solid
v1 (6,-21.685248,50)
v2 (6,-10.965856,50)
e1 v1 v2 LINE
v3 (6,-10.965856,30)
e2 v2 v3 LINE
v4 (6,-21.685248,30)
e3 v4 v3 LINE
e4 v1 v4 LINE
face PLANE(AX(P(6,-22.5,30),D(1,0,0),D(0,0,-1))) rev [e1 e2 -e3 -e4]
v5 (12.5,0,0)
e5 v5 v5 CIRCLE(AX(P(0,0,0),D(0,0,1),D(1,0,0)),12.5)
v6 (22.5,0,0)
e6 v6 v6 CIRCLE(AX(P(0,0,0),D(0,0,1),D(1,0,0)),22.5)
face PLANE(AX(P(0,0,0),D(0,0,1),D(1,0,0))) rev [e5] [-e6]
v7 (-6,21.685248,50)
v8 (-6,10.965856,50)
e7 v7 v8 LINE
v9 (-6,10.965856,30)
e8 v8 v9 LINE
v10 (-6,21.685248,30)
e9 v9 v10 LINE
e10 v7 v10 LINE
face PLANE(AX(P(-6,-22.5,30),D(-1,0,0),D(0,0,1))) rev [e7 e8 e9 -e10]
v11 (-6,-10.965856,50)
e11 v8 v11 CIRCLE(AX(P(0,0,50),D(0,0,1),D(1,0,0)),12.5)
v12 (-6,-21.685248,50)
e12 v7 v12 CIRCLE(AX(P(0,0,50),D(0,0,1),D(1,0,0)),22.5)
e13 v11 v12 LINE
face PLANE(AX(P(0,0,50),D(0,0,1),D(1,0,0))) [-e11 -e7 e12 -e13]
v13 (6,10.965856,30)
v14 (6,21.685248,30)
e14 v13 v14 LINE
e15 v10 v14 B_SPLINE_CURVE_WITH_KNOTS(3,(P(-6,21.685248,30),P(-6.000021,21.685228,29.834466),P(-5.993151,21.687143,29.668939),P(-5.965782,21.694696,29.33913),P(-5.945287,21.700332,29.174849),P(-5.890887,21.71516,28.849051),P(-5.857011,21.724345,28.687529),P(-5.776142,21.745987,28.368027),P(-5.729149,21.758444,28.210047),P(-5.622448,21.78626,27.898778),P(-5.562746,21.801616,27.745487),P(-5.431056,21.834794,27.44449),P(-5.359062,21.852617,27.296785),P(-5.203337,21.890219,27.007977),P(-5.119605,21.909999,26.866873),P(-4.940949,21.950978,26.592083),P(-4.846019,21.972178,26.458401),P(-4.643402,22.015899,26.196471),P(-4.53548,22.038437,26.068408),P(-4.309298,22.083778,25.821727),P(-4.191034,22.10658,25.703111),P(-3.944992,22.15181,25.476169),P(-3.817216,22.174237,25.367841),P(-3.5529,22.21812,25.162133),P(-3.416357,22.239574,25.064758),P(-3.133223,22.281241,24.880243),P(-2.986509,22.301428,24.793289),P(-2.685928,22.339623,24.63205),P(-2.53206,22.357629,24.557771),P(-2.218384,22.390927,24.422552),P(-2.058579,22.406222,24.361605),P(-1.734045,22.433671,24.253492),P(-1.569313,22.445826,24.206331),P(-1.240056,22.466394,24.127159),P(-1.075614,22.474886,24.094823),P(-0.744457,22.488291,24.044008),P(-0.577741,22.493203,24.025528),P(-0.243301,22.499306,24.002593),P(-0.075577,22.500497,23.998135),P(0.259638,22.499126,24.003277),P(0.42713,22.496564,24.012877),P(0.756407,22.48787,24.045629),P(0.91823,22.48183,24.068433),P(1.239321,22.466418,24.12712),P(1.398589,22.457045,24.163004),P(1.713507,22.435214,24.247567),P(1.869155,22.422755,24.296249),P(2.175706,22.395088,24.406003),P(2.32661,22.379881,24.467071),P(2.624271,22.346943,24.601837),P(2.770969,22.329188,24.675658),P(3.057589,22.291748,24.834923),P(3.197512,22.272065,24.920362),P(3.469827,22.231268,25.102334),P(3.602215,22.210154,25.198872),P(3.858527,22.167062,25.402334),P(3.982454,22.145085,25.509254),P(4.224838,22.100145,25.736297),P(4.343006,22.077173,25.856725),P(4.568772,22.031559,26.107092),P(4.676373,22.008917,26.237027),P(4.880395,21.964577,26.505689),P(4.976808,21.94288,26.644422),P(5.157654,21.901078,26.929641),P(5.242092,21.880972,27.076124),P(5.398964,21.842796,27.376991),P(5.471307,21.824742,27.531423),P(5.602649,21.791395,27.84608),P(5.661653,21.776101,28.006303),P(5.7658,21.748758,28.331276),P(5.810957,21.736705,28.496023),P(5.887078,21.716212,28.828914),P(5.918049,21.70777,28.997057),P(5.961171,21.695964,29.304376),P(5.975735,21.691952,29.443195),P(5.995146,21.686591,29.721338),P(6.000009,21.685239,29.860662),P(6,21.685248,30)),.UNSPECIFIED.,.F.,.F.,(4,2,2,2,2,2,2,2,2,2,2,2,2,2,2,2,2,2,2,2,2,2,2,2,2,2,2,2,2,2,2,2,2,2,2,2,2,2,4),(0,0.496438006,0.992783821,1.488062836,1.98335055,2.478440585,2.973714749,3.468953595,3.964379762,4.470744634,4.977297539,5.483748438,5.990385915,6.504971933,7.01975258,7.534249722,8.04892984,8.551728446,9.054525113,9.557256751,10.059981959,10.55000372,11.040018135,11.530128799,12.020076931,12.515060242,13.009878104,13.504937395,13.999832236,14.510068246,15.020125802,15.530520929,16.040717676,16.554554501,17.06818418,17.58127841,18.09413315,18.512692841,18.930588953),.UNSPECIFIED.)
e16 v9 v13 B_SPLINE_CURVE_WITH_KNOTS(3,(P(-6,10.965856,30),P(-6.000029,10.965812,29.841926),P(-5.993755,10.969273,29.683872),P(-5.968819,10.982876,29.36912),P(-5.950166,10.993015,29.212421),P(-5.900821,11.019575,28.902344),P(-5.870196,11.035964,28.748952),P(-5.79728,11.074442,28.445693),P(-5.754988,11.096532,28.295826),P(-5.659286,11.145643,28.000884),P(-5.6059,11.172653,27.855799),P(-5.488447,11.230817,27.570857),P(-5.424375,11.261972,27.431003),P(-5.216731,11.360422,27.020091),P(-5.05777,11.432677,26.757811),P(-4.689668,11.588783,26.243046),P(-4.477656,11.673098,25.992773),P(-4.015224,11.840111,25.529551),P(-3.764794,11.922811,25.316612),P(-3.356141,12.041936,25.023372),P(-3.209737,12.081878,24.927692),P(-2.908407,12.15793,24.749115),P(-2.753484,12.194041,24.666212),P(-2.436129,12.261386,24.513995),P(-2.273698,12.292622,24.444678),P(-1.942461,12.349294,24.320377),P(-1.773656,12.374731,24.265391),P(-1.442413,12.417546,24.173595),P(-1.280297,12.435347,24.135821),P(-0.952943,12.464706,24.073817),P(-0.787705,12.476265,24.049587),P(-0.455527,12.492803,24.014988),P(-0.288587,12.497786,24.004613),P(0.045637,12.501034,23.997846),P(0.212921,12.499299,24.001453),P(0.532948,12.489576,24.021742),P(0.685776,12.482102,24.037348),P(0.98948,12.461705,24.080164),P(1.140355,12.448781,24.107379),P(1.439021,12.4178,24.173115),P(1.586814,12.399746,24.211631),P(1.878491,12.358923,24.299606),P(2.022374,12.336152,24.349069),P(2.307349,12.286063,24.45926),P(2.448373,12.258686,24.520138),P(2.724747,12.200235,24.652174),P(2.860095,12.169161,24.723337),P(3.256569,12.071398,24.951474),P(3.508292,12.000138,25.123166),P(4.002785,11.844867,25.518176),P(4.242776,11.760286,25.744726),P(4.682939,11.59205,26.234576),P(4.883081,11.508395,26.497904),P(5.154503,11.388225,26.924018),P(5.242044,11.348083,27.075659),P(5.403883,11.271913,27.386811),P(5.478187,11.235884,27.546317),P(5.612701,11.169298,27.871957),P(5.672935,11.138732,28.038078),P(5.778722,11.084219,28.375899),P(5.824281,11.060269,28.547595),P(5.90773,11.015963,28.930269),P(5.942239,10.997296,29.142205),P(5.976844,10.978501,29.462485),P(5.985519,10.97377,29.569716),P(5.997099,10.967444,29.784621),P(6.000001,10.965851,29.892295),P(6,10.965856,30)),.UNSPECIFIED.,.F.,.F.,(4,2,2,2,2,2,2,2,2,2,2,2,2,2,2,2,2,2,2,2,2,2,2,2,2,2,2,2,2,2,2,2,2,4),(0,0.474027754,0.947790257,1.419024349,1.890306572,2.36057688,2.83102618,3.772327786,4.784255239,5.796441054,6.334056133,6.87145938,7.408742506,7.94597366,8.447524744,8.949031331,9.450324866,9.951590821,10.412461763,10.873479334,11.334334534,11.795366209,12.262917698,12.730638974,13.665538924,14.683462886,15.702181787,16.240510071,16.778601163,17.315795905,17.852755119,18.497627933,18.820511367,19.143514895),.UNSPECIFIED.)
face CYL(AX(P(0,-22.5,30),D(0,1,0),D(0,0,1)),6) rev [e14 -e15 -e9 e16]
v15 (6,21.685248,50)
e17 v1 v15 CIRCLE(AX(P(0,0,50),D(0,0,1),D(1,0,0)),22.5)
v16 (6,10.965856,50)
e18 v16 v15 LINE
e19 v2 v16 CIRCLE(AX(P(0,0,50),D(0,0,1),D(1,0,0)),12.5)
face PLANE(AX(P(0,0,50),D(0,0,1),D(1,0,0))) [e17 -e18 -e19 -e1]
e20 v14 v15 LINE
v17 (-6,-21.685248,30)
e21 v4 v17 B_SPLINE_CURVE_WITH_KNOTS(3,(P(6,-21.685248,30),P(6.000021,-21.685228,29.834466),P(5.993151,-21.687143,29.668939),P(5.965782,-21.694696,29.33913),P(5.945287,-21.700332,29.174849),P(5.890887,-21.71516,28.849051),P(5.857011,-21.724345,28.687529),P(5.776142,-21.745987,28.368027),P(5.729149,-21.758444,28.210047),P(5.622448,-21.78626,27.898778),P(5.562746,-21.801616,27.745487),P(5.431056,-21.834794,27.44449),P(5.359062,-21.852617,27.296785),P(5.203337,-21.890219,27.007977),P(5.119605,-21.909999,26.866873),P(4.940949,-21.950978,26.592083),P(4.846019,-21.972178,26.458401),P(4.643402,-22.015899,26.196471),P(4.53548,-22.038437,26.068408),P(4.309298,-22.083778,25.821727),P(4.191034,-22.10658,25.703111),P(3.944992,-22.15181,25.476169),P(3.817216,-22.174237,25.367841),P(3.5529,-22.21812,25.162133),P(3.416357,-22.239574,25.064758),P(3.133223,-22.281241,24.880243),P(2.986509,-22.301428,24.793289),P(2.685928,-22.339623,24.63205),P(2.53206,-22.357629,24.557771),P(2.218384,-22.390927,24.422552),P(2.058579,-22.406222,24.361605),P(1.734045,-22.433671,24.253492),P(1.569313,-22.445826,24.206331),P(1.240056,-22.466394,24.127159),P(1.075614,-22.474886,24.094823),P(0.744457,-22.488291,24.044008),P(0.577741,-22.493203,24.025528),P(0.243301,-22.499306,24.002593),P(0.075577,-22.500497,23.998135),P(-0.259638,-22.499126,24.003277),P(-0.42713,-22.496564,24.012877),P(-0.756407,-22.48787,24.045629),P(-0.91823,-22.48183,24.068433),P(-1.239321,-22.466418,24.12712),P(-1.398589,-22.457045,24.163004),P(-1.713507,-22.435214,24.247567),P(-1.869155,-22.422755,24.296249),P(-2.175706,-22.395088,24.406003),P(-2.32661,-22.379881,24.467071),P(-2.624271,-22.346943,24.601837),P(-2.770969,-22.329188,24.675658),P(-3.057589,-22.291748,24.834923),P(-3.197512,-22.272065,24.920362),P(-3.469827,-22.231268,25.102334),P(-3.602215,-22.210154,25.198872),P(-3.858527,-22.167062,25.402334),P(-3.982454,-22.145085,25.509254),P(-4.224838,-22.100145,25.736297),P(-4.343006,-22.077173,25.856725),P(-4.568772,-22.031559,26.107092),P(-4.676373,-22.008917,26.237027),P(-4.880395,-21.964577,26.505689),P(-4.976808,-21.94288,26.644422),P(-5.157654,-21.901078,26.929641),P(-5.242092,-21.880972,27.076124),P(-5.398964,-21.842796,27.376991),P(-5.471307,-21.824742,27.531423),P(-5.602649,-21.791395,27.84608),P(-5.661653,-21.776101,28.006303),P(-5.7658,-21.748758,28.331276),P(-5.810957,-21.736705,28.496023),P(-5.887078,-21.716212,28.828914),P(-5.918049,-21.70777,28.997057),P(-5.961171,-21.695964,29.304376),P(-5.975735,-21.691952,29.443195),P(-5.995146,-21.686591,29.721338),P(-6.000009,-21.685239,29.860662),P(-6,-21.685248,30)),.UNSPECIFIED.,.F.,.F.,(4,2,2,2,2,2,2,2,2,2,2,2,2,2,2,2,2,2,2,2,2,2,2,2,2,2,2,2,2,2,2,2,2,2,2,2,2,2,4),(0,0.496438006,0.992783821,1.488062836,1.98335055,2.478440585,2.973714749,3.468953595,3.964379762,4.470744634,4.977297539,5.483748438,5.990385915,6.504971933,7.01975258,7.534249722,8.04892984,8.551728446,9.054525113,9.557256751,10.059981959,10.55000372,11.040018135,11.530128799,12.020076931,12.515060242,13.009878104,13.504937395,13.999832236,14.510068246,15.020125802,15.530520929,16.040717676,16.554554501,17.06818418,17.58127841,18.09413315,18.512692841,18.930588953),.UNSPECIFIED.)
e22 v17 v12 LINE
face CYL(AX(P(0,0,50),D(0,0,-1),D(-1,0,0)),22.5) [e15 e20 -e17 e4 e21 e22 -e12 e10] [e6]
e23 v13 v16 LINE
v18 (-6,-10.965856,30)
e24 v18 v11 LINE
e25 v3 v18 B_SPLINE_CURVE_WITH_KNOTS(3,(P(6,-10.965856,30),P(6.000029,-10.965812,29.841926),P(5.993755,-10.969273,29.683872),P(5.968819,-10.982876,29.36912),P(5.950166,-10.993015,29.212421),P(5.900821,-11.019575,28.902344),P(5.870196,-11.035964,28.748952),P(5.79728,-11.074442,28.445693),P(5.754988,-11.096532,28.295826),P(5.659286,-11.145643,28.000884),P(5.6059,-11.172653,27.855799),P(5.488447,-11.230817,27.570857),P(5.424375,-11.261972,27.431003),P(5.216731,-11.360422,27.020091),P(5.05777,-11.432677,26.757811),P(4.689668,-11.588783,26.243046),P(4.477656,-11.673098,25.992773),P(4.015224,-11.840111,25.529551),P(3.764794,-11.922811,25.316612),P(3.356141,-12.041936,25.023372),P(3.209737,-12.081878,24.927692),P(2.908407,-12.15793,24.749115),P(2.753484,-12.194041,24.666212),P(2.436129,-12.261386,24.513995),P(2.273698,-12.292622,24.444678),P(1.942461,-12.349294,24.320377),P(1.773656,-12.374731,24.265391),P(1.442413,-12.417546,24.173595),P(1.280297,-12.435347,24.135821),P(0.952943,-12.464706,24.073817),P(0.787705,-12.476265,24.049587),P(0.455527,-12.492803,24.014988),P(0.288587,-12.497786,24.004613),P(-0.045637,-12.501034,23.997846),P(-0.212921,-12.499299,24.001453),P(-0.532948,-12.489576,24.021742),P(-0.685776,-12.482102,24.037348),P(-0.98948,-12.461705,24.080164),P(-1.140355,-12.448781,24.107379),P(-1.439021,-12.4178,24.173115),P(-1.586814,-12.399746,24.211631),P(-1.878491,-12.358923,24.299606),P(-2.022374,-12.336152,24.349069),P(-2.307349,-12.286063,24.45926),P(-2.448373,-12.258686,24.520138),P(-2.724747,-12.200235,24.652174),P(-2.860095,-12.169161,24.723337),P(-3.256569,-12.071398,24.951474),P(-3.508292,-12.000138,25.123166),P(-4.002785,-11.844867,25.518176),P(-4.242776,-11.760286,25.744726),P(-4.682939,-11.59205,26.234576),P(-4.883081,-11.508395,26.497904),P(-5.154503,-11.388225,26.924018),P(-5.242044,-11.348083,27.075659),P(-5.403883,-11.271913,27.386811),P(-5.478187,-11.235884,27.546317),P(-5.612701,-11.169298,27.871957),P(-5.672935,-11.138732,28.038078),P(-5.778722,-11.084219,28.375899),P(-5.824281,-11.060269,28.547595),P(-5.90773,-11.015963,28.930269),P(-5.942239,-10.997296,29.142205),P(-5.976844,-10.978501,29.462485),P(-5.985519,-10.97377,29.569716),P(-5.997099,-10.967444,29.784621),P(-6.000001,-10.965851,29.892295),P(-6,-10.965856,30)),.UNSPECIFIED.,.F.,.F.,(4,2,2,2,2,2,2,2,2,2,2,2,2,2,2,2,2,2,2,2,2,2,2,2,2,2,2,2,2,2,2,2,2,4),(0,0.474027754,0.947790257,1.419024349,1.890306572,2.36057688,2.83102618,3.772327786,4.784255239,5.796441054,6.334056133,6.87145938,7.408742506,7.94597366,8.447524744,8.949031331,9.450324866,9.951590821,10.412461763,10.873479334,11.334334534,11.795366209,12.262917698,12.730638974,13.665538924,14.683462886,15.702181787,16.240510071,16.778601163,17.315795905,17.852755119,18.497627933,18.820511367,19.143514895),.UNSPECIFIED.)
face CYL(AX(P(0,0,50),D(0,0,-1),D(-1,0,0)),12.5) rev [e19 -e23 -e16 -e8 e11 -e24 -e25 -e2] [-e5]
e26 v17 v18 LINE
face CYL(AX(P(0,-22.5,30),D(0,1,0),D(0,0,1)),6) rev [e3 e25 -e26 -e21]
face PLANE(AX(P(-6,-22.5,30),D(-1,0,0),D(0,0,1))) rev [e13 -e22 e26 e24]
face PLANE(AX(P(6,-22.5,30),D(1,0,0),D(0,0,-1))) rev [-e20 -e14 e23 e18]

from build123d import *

# Parameters (mm, degrees)
SKETCH1_R               = 22.5
SKETCH1_R_2             = 12.5
BOSS_EXTRUDE1_DEPTH     = 50
CUT_EXTRUDE1_DEPTH      = 60.266347956
CUT_EXTRUDE1_DEPTH_BACK = 60.266347956


with BuildPart() as part:
    # Sketch1 → Boss-Extrude1 (new body)
    with BuildSketch(Plane.XY):
        Circle(SKETCH1_R)
        Circle(SKETCH1_R_2, mode=Mode.SUBTRACT)
    extrude(amount=BOSS_EXTRUDE1_DEPTH)

    # Sketch2 → Cut-Extrude1 (cut, two sides: drawn at the far end of the back side and taken through both)
    with BuildSketch(Plane(origin=(0, 0, 0), x_dir=(1, 0, 0), z_dir=(0, 1, 0)).offset(-CUT_EXTRUDE1_DEPTH_BACK)):
        with BuildLine():
            Line((6, -30), (6, -50))
            ThreePointArc((6, -50), (0, -56), (-6, -50))
            Line((-6, -50), (-6, -30))
            ThreePointArc((-6, -30), (0, -24), (6, -30))
        make_face()
    extrude(amount=CUT_EXTRUDE1_DEPTH + CUT_EXTRUDE1_DEPTH_BACK, mode=Mode.SUBTRACT)


solid = part.part
